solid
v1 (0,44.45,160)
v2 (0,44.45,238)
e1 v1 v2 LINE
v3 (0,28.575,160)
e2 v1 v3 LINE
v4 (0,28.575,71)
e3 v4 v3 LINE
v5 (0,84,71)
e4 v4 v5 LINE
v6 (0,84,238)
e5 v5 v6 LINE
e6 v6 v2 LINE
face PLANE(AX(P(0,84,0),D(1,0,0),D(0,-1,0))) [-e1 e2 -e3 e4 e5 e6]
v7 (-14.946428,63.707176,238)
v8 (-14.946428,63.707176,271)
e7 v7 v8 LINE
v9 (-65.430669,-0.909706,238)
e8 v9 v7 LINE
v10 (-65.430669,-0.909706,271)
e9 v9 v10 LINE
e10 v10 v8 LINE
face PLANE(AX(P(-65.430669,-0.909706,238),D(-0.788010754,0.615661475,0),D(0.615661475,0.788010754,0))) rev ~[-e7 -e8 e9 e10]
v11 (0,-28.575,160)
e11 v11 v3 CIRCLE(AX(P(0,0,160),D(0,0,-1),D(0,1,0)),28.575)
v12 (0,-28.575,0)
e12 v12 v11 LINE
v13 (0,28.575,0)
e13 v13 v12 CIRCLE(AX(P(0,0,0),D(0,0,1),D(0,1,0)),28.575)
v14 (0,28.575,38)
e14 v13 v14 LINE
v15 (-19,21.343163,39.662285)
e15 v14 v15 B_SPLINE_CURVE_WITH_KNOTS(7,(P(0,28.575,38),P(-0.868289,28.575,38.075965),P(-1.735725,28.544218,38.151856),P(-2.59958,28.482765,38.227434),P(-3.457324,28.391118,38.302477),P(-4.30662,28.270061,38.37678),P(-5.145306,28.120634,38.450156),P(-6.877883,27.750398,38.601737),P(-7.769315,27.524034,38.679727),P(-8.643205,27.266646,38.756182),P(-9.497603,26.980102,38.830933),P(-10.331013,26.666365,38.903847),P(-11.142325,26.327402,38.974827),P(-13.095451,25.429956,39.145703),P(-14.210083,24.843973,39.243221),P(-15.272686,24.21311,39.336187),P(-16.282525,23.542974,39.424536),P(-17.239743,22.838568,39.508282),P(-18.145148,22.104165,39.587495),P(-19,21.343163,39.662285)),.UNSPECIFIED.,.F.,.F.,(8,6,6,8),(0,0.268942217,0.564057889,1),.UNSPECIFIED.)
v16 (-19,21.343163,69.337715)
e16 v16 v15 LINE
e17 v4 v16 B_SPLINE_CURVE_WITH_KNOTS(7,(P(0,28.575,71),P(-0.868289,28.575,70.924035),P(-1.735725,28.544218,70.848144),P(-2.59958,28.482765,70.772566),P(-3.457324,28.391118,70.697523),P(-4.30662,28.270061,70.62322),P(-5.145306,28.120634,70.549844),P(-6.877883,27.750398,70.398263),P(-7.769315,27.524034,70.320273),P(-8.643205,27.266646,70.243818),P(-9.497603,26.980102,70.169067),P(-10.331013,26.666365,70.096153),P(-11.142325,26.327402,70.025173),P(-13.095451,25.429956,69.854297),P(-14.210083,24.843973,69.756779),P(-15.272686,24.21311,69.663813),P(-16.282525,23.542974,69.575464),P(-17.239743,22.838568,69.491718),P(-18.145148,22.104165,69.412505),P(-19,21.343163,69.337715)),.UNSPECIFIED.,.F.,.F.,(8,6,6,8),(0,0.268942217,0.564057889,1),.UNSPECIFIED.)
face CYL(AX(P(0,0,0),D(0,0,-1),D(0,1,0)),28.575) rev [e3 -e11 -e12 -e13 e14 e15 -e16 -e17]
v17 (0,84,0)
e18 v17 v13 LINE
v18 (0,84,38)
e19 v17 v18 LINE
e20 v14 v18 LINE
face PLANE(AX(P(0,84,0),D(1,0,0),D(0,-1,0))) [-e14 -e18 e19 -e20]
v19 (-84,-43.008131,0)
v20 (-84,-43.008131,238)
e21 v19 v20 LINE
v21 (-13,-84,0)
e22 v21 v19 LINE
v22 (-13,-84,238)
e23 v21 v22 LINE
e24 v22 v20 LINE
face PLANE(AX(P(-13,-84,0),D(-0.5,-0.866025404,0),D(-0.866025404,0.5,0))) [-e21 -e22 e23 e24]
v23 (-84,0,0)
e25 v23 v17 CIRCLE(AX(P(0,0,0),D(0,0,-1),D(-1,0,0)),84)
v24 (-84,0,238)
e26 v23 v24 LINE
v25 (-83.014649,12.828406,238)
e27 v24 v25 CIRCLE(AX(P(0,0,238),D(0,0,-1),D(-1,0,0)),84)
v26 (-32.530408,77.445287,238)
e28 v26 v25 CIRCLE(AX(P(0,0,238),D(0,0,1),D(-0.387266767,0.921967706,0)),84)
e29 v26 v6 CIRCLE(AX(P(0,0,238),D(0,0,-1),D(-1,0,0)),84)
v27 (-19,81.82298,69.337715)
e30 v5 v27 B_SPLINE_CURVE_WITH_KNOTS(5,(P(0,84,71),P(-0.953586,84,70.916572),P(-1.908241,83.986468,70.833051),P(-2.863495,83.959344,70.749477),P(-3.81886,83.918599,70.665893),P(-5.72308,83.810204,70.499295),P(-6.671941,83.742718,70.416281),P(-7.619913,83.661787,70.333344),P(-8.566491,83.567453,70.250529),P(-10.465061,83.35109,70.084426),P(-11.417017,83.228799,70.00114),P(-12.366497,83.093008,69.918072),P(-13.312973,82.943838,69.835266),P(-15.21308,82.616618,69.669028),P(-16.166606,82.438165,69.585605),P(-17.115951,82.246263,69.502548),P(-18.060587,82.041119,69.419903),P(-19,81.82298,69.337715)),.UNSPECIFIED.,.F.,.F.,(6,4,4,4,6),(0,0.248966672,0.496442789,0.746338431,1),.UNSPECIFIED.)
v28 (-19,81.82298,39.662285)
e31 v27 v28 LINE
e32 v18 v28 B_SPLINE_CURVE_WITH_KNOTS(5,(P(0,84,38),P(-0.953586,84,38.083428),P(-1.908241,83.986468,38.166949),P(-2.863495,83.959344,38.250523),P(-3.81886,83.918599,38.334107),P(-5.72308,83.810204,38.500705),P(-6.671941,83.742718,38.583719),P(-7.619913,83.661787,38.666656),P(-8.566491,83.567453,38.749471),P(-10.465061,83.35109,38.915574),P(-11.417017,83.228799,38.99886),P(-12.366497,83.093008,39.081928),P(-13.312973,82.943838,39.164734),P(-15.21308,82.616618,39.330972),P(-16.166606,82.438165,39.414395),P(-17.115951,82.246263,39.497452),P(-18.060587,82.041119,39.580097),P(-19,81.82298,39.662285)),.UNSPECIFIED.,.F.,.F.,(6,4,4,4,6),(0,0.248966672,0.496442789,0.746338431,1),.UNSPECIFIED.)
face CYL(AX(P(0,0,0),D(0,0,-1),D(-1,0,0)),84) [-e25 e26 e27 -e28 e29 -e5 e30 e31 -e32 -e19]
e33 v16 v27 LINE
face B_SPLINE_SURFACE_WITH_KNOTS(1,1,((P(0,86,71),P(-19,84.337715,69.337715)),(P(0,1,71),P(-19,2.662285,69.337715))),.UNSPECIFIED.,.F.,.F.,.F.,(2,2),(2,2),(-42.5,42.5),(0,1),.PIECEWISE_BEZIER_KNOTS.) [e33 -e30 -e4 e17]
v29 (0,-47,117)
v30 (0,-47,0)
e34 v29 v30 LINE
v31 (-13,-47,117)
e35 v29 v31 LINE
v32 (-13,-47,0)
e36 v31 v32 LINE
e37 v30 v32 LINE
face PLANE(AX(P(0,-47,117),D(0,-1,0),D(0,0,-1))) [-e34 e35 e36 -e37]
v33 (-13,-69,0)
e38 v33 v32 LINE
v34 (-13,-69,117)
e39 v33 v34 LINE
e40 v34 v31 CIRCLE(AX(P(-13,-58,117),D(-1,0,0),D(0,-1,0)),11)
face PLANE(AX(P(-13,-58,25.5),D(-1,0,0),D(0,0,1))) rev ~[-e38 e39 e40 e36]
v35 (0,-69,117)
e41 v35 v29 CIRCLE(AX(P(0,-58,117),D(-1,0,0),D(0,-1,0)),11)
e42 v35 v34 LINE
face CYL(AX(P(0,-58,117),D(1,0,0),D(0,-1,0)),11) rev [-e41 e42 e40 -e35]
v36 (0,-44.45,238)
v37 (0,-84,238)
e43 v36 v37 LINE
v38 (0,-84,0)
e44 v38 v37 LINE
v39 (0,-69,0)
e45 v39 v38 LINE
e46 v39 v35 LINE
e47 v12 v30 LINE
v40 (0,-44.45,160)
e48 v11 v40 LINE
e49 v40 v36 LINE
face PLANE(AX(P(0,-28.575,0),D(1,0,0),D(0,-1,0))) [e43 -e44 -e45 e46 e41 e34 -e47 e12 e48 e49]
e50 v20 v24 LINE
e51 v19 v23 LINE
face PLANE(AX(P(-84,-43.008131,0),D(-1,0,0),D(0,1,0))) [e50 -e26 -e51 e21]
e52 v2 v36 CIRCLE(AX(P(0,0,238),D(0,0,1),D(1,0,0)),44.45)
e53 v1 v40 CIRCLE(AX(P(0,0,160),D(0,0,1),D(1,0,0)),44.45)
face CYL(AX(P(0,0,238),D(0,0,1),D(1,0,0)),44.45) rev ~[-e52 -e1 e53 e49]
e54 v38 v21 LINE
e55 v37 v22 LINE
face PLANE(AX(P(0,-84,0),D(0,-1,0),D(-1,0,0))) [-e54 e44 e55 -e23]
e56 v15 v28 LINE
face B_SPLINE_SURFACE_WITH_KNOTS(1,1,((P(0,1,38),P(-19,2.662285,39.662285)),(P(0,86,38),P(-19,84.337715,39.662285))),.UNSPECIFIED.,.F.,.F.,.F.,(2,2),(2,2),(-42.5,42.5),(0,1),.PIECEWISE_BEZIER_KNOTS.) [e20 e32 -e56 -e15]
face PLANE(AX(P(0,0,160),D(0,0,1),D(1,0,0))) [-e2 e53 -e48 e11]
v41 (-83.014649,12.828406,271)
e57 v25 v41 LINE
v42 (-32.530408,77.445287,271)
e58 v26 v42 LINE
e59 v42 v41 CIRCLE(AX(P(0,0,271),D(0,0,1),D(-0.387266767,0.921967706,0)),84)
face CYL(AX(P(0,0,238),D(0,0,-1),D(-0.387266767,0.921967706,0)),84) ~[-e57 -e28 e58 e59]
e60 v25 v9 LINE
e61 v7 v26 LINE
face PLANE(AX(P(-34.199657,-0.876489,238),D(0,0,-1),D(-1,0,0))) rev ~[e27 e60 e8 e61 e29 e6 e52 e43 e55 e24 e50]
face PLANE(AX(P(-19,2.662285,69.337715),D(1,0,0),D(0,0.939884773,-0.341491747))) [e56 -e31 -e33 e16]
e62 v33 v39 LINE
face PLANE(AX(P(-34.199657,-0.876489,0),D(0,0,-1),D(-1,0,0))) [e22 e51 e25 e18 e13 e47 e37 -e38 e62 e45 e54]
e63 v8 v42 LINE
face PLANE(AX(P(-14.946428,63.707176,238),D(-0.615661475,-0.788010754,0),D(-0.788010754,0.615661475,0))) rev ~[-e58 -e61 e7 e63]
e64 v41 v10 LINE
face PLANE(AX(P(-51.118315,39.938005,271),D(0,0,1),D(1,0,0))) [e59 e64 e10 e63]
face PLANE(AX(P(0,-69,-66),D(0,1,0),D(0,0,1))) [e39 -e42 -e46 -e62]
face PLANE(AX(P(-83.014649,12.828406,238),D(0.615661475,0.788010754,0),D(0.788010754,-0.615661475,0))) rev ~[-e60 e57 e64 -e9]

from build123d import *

# Parameters (mm, degrees)
BOSS_EXTRUDE1_DEPTH = 238
SKETCH6_R           = 44.45
CUT_EXTRUDE1_DEPTH  = 78
SKETCH7_W           = 33
SKETCH7_H           = 85
CUT_EXTRUDE2_DEPTH  = 19
CUT_EXTRUDE2_TAPER  = 5
CUT_EXTRUDE3_DEPTH  = 13
BOSS_EXTRUDE2_DEPTH = 33


with BuildPart() as part:
    # Sketch5 → Boss-Extrude1 (new body)
    with BuildSketch(Plane.XY):
        with BuildLine():
            Line((-84, -43.008130888), (-84, 0))
            ThreePointArc((-84, 0), (-59.39696962, 59.39696962), (0, 84))
            Line((0, 84), (0, 28.575))
            ThreePointArc((0, 28.575), (-28.575, 0), (0, -28.575))
            Line((0, -28.575), (0, -84))
            Line((0, -84), (-13, -84))
            Line((-13, -84), (-84, -43.008130888))
        make_face()
    extrude(amount=BOSS_EXTRUDE1_DEPTH)

    # Sketch6 → Cut-Extrude1 (cut)
    with BuildSketch(Plane.XY.offset(238)):
        Circle(SKETCH6_R)
    extrude(amount=-CUT_EXTRUDE1_DEPTH, mode=Mode.SUBTRACT)

    # Sketch7 → Cut-Extrude2 (cut)
    with BuildSketch(Plane(origin=(0, 0, 0), x_dir=(0, 0, -1), z_dir=(1, 0, 0))):
        with Locations((-54.5, 43.5)):
            Rectangle(SKETCH7_W, SKETCH7_H)
    extrude(amount=-CUT_EXTRUDE2_DEPTH, taper=CUT_EXTRUDE2_TAPER, mode=Mode.SUBTRACT)

    # Sketch8 → Cut-Extrude3 (cut)
    with BuildSketch(Plane(origin=(0, 0, 0), x_dir=(0, 0, -1), z_dir=(1, 0, 0))):
        with BuildLine():
            Line((-117, -47), (66, -47))
            ThreePointArc((66, -47), (77, -58), (66, -69))
            Line((66, -69), (-117, -69))
            ThreePointArc((-117, -69), (-128, -58), (-117, -47))
        make_face()
    extrude(amount=-CUT_EXTRUDE3_DEPTH, mode=Mode.SUBTRACT)

    # Sketch9 → Boss-Extrude2 (add)
    with BuildSketch(Plane.XY.offset(238)):
        with BuildLine():
            Line((-83.014649379, 12.828405531), (-65.430668922, -0.909705656))
            Line((-65.430668922, -0.909705656), (-14.946427946, 63.707176139))
            Line((-14.946427946, 63.707176139), (-32.530408402, 77.445287327))
            ThreePointArc((-32.530408402, 77.445287327), (-66.192903303, 51.715563927), (-83.014649379, 12.828405531))
        make_face()
    extrude(amount=BOSS_EXTRUDE2_DEPTH)


solid = part.part
